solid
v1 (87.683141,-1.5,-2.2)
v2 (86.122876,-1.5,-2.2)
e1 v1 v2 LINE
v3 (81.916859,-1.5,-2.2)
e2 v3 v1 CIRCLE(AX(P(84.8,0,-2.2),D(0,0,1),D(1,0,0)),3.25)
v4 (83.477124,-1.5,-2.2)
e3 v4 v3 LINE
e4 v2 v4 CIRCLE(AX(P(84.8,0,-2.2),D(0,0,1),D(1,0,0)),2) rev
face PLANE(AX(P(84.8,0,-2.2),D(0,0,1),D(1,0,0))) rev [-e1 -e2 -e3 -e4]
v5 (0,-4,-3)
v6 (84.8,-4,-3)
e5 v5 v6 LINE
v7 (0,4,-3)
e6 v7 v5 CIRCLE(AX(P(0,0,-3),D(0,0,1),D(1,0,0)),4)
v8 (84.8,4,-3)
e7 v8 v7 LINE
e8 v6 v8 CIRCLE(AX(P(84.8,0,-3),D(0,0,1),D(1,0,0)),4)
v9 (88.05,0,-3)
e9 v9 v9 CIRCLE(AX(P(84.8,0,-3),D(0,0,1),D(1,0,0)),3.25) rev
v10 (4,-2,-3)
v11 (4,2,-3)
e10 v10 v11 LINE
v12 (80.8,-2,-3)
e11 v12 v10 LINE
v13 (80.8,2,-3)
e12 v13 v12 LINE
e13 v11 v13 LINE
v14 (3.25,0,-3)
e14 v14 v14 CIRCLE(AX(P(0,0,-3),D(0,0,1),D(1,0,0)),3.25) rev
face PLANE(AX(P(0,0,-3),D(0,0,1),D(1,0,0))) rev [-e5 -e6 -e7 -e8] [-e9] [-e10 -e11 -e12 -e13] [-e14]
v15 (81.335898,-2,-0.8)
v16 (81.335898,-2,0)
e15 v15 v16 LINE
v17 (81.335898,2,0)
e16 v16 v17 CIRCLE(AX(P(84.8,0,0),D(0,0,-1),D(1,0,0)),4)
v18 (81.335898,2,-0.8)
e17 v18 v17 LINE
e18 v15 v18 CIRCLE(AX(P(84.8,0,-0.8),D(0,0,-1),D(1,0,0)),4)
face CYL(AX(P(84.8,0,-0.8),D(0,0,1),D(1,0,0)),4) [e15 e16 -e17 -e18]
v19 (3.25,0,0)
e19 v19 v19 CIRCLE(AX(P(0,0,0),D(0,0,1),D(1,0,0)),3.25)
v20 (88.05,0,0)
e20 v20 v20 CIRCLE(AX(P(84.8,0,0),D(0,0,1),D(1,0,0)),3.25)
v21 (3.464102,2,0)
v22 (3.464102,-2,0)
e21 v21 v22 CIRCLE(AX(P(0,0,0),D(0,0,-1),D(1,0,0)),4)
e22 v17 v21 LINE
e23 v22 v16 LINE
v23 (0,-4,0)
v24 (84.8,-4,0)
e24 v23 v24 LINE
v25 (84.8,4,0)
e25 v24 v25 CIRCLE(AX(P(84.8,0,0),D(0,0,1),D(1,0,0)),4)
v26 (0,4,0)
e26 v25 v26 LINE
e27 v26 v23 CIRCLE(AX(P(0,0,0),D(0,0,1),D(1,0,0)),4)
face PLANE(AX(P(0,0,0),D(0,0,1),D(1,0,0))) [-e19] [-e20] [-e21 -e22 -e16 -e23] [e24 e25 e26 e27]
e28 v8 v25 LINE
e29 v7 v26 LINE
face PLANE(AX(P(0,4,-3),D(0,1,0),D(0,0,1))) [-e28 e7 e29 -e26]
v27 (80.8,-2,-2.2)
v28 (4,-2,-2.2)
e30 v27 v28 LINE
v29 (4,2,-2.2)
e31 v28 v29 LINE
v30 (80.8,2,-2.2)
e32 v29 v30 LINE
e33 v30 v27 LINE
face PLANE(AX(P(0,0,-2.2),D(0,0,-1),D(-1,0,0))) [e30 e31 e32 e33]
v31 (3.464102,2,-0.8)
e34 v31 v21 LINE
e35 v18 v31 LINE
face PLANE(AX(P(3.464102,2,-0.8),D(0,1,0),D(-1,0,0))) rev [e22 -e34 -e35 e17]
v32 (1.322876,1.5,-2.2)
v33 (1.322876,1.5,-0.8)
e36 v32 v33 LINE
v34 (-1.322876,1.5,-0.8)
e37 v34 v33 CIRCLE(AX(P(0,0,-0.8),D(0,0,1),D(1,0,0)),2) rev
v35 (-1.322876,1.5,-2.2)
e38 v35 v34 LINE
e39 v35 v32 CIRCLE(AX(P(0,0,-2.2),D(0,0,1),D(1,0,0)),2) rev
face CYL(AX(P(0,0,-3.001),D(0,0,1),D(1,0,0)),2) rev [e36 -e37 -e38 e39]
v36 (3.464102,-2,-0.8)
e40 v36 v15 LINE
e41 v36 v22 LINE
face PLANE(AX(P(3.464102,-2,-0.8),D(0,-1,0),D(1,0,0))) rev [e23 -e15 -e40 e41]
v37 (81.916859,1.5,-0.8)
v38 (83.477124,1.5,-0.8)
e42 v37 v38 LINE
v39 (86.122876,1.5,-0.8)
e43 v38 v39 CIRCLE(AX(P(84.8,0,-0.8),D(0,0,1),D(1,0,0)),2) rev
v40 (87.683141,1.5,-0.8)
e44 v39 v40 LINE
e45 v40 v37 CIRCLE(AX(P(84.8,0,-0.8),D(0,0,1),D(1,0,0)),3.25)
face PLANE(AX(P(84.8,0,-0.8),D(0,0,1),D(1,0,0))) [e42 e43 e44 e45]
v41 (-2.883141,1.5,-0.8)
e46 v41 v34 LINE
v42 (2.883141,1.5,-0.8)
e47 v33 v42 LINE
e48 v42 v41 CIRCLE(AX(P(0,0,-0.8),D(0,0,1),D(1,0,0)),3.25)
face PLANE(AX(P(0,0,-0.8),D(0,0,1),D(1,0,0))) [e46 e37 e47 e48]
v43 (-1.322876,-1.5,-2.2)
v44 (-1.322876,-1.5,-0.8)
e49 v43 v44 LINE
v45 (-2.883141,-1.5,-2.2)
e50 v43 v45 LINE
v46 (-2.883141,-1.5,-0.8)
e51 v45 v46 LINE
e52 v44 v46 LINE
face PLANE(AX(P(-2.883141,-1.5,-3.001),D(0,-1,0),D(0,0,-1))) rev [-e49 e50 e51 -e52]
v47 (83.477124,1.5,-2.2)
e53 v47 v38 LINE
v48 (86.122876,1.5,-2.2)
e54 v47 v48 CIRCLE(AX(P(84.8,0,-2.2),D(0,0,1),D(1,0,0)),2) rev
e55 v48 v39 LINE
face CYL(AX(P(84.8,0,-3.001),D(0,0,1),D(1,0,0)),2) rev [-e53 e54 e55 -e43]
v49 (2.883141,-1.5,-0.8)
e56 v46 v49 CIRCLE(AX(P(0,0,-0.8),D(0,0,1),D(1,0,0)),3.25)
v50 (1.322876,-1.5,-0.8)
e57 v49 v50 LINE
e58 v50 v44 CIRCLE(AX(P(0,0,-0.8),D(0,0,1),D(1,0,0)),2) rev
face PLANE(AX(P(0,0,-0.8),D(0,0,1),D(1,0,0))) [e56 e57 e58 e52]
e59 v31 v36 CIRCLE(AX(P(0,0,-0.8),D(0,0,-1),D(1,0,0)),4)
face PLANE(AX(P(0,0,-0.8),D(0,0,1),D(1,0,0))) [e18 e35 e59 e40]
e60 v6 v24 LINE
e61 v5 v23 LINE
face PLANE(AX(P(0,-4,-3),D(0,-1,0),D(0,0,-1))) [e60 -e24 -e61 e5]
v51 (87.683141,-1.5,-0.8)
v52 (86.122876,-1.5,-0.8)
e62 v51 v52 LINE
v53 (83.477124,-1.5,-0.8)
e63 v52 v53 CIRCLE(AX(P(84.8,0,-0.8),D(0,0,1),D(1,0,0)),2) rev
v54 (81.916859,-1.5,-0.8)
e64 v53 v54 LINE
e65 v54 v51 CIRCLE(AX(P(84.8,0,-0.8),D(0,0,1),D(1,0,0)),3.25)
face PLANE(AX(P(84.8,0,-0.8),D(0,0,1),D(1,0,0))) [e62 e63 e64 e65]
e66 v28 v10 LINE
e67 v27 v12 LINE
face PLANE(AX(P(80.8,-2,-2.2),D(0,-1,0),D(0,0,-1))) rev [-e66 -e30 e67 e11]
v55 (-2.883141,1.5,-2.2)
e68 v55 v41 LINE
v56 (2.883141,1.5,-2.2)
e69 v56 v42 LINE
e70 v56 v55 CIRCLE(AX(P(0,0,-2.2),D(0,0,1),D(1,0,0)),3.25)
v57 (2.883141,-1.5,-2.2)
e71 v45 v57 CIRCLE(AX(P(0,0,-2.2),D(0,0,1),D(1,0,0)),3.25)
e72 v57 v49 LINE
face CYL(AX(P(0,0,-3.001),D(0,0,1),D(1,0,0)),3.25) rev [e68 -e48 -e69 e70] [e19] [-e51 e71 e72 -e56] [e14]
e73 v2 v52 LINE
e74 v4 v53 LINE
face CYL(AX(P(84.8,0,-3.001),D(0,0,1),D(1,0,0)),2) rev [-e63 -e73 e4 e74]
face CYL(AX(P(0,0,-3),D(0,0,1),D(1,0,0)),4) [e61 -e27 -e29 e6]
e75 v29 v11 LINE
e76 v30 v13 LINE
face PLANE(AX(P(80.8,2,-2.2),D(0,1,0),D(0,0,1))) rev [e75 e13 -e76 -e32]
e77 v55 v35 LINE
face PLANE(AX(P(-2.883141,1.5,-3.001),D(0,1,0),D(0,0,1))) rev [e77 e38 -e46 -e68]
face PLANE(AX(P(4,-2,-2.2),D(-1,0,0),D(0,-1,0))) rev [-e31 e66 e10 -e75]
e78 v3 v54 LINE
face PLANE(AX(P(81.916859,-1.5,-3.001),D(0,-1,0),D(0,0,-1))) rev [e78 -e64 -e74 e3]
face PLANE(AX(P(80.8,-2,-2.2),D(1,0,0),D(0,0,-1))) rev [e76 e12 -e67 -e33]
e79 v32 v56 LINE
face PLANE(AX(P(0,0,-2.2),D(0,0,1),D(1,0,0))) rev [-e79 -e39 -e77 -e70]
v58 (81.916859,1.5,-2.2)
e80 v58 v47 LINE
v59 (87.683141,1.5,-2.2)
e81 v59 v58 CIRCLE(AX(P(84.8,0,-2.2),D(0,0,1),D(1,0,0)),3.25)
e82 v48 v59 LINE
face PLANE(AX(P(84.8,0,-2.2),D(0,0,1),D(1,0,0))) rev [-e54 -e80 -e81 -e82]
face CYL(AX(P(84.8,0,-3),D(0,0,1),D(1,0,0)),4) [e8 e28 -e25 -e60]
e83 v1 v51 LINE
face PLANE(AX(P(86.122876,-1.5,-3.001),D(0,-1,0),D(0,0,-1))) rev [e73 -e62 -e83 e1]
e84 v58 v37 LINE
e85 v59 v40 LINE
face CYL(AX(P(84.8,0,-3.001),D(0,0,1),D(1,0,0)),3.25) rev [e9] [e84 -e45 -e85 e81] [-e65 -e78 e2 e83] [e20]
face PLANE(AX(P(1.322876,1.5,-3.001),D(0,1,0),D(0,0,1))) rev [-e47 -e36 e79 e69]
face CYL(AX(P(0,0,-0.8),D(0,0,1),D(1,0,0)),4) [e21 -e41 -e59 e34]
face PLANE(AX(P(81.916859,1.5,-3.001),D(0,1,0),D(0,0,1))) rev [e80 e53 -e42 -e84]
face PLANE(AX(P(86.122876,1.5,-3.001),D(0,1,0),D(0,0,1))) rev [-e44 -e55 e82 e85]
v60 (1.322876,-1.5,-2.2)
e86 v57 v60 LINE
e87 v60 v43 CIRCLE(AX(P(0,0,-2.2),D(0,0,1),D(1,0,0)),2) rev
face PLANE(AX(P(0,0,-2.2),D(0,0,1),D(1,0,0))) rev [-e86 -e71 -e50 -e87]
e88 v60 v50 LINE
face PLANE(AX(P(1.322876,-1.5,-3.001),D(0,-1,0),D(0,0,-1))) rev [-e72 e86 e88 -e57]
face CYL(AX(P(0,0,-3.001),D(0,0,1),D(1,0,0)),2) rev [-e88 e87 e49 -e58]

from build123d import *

# Parameters (mm, degrees)
EXTRUDE_1_DEPTH        = 3
CUT_EXTRUDE_1_REACH    = 90.941
SKETCH_3_R             = 3.25
CUT_EXTRUDE_2_DEPTH    = 0.8
CUT_EXTRUDE_START      = -2.2
SKETCH_3_2_R           = 3.25
CUT_EXTRUDE_3_DEPTH    = 0.8
PATTERN_LINEAR_1_COUNT = 2
PATTERN_LINEAR_1_PITCH = 84.8
CUT_EXTRUDE_4_DEPTH    = 0.8
SKETCH_5_W             = 76.8
SKETCH_5_H             = 4
CUT_EXTRUDE_5_DEPTH    = 0.8


with BuildPart() as part:
    # 草图1 → 凸台-拉伸1 (new body)
    with BuildSketch(Plane.XY):
        with BuildLine():
            Line((0, 4), (84.8, 4))
            ThreePointArc((84.8, 4), (88.8, 0), (84.8, -4))
            Line((84.8, -4), (0, -4))
            ThreePointArc((0, -4), (-4, 0), (0, 4))
        make_face()
    extrude(amount=-EXTRUDE_1_DEPTH)

    # 草图2 → 切除-拉伸1 (cut, up to next)
    with BuildSketch(Plane.XY, mode=Mode.PRIVATE) as cut_extrude_1_sk1:
        with BuildLine():
            Line((1.322875656, -1.5), (2.883140649, -1.5))
            ThreePointArc((2.883140649, -1.5), (3.25, 0), (2.883140649, 1.5))
            Line((2.883140649, 1.5), (1.322875656, 1.5))
            ThreePointArc((1.322875656, 1.5), (0, 2), (-1.322875656, 1.5))
            Line((-1.322875656, 1.5), (-2.883140649, 1.5))
            ThreePointArc((-2.883140649, 1.5), (-3.25, 0), (-2.883140649, -1.5))
            Line((-2.883140649, -1.5), (-1.322875656, -1.5))
            ThreePointArc((-1.322875656, -1.5), (0, -2), (1.322875656, -1.5))
        make_face()
    cut_extrude_1_tool1 = extrude(cut_extrude_1_sk1.sketch, amount=-CUT_EXTRUDE_1_REACH, mode=Mode.PRIVATE) & part.part
    cut_extrude_1 = cut_extrude_1_tool1.solids().sort_by_distance((0, 0, 0))[0]
    add(cut_extrude_1, mode=Mode.SUBTRACT)

    # 草图3 → 切除-拉伸2 (cut)
    with BuildSketch(Plane.XY):
        Circle(SKETCH_3_R)
    cut_extrude_2 = extrude(amount=-CUT_EXTRUDE_2_DEPTH, mode=Mode.SUBTRACT)

    # 草图3<2> → 切除-拉伸3 (cut)
    with BuildSketch(Plane.XY.offset(CUT_EXTRUDE_START)):
        Circle(SKETCH_3_2_R)
    cut_extrude_3 = extrude(amount=-CUT_EXTRUDE_3_DEPTH, mode=Mode.SUBTRACT)

    # 阵列(线性)1: 切除-拉伸1, 切除-拉伸2, 切除-拉伸3 ×2
    with Locations(*[(i * PATTERN_LINEAR_1_PITCH, 0, 0) for i in range(1, PATTERN_LINEAR_1_COUNT)]):
        add(cut_extrude_1, mode=Mode.SUBTRACT)
        add(cut_extrude_2, mode=Mode.SUBTRACT)
        add(cut_extrude_3, mode=Mode.SUBTRACT)

    # 草图4 → 切除-拉伸4 (cut)
    with BuildSketch(Plane.XY):
        with BuildLine():
            Line((3.464101615, 2), (81.335898385, 2))
            ThreePointArc((81.335898385, 2), (80.8, 0), (81.335898385, -2))
            Line((81.335898385, -2), (3.464101615, -2))
            ThreePointArc((3.464101615, -2), (4, 0), (3.464101615, 2))
        make_face()
    extrude(amount=-CUT_EXTRUDE_4_DEPTH, mode=Mode.SUBTRACT)

    # 草图5 → 切除-拉伸5 (cut)
    with BuildSketch(Plane(origin=(0, 0, -3), x_dir=(-1, 0, 0), z_dir=(0, 0, -1))):
        with Locations((-42.4, 0)):
            Rectangle(SKETCH_5_W, SKETCH_5_H)
    extrude(amount=-CUT_EXTRUDE_5_DEPTH, mode=Mode.SUBTRACT)


solid = part.part
